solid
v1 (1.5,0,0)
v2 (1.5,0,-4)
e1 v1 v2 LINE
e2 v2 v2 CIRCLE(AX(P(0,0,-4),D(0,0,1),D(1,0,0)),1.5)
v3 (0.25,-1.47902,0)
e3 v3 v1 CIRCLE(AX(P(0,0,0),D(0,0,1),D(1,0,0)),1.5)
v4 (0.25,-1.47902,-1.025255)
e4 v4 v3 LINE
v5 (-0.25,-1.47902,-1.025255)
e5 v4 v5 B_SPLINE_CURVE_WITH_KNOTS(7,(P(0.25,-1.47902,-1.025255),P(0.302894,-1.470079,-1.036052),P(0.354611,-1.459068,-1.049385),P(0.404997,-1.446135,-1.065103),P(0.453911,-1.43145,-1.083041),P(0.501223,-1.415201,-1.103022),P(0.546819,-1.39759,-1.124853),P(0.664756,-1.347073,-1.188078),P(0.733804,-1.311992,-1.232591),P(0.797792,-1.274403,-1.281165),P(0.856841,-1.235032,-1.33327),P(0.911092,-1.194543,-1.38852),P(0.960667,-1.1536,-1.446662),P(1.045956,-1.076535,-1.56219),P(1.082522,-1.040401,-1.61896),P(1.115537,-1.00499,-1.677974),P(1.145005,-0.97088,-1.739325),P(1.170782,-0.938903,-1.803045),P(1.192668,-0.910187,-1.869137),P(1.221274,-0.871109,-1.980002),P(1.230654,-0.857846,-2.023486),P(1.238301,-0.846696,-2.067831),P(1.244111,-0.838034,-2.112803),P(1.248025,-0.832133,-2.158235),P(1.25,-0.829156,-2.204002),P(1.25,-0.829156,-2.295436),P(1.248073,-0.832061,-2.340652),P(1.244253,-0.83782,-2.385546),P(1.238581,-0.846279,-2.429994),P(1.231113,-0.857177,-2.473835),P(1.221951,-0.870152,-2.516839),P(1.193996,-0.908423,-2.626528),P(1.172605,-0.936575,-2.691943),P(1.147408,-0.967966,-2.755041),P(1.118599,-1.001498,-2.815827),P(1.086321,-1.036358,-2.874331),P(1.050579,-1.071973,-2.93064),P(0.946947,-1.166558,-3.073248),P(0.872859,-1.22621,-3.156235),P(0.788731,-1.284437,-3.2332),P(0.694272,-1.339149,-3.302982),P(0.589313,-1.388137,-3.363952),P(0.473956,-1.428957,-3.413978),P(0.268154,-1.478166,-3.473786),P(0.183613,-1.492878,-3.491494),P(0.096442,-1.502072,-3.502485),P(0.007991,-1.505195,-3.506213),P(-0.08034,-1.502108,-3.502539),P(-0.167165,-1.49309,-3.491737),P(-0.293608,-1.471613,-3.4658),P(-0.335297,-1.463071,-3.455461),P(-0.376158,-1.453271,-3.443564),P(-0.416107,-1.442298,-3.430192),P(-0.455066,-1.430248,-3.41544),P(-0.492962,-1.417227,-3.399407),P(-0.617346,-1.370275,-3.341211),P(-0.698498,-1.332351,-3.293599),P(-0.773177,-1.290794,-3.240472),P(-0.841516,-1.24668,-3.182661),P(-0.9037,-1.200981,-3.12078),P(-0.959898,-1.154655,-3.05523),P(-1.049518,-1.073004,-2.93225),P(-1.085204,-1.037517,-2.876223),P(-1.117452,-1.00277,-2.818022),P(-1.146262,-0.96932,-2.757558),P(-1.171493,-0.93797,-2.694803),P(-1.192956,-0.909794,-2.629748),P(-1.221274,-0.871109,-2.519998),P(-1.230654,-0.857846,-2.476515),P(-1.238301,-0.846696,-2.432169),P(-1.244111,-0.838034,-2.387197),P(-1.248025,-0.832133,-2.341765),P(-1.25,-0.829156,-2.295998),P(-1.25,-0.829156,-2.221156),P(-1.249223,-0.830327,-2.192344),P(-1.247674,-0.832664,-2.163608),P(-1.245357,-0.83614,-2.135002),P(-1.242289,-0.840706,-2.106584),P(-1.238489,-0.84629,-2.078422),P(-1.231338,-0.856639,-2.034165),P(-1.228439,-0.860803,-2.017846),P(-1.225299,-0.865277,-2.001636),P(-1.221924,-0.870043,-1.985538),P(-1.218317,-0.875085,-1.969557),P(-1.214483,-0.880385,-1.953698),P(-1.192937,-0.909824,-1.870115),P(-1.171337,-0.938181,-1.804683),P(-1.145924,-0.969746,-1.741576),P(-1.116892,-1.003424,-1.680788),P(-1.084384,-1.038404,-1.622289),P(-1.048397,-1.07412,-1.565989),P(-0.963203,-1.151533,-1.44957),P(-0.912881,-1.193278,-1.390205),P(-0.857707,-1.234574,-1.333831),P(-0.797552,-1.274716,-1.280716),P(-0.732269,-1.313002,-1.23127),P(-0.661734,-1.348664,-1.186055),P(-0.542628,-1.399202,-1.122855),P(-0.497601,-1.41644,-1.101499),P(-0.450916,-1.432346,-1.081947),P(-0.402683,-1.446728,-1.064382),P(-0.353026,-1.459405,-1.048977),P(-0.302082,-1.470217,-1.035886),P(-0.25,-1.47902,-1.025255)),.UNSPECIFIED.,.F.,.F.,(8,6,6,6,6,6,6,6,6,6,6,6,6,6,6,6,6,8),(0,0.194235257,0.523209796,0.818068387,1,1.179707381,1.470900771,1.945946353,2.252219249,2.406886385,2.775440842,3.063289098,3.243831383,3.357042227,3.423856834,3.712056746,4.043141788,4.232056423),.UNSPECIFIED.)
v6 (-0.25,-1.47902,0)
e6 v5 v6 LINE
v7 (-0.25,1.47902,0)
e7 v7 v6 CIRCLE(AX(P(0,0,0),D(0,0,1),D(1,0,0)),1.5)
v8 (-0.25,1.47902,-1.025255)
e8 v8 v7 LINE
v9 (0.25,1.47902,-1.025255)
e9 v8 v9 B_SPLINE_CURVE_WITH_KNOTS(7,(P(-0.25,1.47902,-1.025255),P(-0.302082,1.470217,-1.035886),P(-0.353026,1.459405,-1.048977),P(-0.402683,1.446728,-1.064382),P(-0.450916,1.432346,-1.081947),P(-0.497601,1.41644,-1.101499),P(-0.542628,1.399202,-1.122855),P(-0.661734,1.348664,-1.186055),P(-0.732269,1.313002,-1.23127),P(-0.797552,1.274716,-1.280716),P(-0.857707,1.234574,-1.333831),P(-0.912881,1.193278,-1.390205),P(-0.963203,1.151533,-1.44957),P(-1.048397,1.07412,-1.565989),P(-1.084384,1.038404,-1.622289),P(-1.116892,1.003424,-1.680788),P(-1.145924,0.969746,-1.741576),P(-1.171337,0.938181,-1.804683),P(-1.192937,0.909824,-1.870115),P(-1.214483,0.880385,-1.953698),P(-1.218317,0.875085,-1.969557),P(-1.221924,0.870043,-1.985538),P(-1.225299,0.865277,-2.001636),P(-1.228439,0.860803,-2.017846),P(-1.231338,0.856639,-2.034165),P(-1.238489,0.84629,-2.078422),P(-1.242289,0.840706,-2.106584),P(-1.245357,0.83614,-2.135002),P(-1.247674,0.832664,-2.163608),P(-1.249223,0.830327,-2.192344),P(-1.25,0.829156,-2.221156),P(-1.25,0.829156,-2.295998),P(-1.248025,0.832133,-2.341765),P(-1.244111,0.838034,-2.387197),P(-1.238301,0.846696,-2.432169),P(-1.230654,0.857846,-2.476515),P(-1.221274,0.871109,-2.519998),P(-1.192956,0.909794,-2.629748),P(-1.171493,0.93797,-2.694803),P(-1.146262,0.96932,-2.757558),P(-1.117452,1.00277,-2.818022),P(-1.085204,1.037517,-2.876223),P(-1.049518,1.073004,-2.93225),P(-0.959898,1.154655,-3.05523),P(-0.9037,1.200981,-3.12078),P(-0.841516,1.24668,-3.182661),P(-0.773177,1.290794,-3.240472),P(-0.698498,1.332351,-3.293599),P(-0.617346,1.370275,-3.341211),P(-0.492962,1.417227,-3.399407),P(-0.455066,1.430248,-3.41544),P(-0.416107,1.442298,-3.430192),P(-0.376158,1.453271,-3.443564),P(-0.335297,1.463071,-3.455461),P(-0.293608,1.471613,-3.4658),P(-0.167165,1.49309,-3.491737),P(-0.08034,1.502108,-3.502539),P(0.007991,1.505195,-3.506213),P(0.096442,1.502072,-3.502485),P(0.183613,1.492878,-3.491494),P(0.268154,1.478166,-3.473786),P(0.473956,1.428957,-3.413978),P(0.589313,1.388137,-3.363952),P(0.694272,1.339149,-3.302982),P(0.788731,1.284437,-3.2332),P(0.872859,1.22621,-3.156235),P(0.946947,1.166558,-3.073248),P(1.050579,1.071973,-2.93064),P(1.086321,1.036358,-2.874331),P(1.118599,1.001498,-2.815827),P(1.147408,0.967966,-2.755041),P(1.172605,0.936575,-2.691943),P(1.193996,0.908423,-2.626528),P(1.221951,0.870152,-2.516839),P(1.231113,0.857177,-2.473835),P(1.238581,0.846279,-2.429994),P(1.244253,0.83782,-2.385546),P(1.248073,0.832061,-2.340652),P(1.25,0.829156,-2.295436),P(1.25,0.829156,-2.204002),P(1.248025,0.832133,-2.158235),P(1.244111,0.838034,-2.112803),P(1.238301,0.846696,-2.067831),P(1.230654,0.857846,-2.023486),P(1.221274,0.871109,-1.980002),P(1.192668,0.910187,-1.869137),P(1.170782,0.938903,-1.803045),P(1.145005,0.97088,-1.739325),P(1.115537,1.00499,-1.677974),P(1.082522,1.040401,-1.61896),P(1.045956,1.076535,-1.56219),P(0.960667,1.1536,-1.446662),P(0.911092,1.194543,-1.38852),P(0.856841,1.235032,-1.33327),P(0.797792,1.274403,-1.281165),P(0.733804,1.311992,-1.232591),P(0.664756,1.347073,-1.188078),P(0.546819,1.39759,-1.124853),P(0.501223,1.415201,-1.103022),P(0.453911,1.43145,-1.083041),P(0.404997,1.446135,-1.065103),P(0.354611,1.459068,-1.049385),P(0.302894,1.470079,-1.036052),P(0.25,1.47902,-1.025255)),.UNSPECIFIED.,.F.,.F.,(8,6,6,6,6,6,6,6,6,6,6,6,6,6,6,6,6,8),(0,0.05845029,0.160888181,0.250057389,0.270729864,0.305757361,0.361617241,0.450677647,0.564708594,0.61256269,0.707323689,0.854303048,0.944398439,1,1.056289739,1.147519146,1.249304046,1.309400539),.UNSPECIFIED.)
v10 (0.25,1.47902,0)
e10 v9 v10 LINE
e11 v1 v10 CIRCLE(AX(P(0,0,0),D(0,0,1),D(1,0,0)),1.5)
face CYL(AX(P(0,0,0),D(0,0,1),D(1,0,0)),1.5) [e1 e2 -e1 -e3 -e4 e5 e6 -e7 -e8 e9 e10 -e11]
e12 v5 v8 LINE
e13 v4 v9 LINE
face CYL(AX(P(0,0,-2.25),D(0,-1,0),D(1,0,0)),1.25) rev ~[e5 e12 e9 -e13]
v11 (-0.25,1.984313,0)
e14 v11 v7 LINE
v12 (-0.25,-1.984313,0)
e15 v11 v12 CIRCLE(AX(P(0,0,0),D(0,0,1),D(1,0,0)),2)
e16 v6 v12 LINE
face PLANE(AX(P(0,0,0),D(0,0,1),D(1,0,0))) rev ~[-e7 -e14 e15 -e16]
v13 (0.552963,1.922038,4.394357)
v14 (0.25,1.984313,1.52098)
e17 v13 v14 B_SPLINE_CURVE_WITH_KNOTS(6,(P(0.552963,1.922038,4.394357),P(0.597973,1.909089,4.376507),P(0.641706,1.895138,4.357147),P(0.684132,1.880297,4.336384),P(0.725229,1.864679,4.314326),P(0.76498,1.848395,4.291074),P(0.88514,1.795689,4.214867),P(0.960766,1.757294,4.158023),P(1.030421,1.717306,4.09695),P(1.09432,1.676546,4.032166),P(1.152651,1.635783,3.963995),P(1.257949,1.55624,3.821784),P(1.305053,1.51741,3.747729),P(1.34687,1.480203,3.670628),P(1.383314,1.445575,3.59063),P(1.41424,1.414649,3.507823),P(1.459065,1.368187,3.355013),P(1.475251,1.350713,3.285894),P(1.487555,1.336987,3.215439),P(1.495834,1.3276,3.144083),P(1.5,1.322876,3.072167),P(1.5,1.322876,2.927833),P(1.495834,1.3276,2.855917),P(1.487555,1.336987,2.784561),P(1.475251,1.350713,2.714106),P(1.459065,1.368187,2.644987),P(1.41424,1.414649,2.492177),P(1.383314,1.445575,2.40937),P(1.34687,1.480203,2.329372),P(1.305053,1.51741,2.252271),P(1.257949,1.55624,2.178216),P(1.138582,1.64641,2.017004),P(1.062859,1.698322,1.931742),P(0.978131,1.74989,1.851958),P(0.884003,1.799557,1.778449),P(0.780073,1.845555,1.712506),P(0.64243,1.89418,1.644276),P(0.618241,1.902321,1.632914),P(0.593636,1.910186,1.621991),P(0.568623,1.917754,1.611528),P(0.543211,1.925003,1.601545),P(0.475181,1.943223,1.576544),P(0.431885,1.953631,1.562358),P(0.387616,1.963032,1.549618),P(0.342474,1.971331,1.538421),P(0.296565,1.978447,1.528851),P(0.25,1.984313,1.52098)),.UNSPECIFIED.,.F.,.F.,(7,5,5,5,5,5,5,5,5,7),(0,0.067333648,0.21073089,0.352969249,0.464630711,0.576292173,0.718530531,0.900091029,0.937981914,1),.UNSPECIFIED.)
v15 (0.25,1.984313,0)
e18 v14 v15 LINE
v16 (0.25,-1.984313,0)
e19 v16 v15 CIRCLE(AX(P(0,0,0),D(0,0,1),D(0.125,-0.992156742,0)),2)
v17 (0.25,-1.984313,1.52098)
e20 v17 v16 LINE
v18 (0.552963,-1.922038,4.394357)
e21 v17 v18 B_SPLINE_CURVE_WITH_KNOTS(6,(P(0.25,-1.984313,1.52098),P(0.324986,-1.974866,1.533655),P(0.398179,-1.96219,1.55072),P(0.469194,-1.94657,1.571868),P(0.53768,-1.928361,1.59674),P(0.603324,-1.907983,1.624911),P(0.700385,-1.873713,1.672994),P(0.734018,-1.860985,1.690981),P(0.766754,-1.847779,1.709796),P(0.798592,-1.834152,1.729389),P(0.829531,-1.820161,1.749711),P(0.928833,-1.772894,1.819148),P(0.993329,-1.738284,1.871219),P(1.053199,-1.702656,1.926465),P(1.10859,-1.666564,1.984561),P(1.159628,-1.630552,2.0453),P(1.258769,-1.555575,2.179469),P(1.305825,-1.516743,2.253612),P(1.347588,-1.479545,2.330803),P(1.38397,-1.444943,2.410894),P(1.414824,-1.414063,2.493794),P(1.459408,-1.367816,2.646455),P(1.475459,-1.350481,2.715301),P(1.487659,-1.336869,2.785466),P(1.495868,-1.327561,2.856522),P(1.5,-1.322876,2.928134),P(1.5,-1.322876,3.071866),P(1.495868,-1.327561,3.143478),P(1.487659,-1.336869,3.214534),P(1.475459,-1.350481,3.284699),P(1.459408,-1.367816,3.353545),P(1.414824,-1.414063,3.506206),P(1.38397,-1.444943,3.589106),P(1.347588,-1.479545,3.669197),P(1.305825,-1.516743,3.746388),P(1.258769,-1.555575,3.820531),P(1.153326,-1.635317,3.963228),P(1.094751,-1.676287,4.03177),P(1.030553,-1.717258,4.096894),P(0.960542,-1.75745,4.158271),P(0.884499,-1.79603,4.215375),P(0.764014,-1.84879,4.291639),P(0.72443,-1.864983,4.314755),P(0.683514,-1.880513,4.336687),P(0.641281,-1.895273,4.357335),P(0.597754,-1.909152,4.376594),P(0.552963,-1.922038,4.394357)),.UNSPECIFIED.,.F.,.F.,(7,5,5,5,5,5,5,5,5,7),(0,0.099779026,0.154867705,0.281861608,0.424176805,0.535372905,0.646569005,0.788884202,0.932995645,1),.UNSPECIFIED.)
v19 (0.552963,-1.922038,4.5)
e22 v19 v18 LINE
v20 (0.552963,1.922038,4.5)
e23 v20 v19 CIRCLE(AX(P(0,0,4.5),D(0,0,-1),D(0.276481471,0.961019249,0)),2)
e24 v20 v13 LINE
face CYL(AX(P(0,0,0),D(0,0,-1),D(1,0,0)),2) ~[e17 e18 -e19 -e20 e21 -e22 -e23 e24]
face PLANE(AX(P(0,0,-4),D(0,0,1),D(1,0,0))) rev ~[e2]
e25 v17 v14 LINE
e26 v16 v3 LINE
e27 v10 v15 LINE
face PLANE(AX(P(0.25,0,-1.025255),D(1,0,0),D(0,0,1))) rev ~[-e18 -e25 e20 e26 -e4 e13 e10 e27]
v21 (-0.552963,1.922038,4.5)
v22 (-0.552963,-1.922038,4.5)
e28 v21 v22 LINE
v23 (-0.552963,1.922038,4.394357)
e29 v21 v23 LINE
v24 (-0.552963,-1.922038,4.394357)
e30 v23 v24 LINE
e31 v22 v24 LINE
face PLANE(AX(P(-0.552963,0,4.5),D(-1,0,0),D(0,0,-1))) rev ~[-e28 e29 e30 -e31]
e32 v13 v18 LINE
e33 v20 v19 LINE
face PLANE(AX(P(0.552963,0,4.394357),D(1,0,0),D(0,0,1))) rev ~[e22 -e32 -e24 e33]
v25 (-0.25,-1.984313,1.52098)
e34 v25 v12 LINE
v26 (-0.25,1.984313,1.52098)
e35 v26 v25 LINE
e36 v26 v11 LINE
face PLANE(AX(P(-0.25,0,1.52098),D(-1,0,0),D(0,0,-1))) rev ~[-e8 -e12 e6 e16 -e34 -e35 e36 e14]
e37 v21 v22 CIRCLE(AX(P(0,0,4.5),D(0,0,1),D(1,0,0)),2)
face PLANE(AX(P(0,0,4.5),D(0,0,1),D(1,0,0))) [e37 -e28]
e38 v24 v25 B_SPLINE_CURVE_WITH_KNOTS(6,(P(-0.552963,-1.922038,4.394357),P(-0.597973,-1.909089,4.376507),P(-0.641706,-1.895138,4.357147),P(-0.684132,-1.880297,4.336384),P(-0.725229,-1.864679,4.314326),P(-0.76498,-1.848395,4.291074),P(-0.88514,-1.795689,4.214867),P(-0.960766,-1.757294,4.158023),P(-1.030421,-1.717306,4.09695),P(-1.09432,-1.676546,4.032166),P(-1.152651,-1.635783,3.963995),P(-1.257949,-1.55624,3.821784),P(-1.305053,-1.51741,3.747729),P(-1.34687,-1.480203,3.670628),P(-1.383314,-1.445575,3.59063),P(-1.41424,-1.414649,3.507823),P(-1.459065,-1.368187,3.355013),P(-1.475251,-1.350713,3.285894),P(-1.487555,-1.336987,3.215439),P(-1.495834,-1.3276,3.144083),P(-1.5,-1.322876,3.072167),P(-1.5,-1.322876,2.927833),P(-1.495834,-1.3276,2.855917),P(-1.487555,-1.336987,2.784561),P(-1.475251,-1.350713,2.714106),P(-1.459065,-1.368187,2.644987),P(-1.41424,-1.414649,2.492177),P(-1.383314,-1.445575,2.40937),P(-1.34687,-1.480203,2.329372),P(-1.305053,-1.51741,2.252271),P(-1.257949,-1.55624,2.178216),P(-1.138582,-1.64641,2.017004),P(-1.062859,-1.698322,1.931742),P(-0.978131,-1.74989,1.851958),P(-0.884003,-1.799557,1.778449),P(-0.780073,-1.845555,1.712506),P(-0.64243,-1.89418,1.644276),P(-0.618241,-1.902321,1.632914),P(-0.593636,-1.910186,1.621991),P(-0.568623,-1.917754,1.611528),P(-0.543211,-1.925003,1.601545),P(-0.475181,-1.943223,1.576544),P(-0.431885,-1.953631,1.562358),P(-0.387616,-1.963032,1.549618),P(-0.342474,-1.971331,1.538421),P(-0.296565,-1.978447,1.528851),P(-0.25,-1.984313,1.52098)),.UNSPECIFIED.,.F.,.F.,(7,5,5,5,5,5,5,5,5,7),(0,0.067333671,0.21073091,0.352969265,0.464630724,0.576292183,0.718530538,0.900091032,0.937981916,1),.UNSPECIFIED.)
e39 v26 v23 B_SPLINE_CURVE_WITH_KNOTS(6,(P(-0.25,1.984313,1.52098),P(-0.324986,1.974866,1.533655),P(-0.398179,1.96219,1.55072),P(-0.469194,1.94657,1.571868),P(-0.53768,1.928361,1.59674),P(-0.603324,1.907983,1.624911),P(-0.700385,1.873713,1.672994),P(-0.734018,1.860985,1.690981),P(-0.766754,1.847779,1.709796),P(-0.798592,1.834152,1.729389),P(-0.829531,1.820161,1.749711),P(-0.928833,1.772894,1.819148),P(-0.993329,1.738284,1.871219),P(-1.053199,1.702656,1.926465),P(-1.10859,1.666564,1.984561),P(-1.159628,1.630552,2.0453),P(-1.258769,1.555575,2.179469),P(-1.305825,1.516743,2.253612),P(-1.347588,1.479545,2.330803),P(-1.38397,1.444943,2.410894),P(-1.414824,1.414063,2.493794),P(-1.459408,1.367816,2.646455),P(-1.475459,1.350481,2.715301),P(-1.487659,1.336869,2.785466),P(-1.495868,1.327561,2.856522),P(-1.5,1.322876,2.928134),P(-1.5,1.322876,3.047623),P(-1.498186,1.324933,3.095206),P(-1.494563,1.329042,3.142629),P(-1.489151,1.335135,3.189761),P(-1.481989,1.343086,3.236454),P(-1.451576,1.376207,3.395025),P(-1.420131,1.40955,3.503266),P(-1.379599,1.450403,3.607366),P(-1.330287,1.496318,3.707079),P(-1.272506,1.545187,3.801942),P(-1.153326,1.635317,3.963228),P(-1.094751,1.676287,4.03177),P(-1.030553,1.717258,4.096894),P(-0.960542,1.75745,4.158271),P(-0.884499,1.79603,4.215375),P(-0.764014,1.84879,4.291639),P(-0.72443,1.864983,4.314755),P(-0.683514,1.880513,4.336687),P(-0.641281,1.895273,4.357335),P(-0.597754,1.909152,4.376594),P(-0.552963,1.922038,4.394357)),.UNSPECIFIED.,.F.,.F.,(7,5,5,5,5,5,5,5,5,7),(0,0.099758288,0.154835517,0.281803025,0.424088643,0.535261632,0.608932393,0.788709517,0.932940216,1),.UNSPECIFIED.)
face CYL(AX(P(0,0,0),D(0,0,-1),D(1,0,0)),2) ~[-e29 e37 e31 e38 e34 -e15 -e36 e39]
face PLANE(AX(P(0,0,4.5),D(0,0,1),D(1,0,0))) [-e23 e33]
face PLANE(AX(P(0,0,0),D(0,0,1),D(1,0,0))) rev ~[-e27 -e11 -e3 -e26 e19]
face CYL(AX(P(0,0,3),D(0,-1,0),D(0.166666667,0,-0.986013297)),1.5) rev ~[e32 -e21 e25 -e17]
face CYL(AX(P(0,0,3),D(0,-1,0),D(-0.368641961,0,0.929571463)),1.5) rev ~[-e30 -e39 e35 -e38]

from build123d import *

# Parameters (mm, degrees)
F0_R     = 1.5
F1_DEPTH = 4
F0_R_2   = 2
F2_DEPTH = 4.5
F4_DEPTH = 2.5


with BuildPart() as f1:
    # F0 (on Top) → F1 (new body)
    with BuildSketch(Plane.XY):
        Circle(F0_R)
    extrude(amount=-F1_DEPTH)

    # F0 (on Top) → F2 (join)
    with BuildSketch(Plane.XY):
        Circle(F0_R_2)
        Circle(F0_R, mode=Mode.SUBTRACT)
        Circle(F0_R)
    extrude(amount=F2_DEPTH)

    # F3 (on Front) → F4 (cut, symmetric)
    with BuildSketch(Plane.XZ):
        with BuildLine():
            ThreePointArc((0.25, 1.5209800542), (1.1456439237, 2.0317541634), (1.5, 3))
            ThreePointArc((1.5, 3), (1.2408554332, 3.8427798015), (0.5529629416, 4.3943571943))
            Line((0.5529629416, 4.3943571943), (-0.5529629416, 4.3943571943))
            ThreePointArc((-0.5529629416, 4.3943571943), (-1.4917310142, 2.8427149678), (-0.25, 1.5209800542))
            Line((-0.25, 1.5209800542), (0.25, 1.5209800542))
        make_face()
        with BuildLine():
            Line((-0.5529629416, 4.3943571943), (0.5529629416, 4.3943571943))
            ThreePointArc((0.5529629416, 4.3943571943), (0.2814819786, 4.473352604), (0, 4.5))
            ThreePointArc((0, 4.5), (-0.2814819786, 4.473352604), (-0.5529629416, 4.3943571943))
        make_face()
        with BuildLine():
            ThreePointArc((0, 4.5), (0.2814819786, 4.473352604), (0.5529629416, 4.3943571943))
            Line((0.5529629416, 4.3943571943), (0.5529629416, 4.5))
            Line((0.5529629416, 4.5), (0, 4.5))
        make_face()
        with BuildLine():
            Line((0.25, -1.0252551286), (0.25, 1.5209800542))
            ThreePointArc((0.25, 1.5209800542), (0, 1.5), (-0.25, 1.5209800542))
            Line((-0.25, 1.5209800542), (-0.25, -1.0252551286))
            ThreePointArc((-0.25, -1.0252551286), (0, -1), (0.25, -1.0252551286))
        make_face()
        with BuildLine():
            ThreePointArc((-0.25, 1.5209800542), (0, 1.5), (0.25, 1.5209800542))
            Line((0.25, 1.5209800542), (-0.25, 1.5209800542))
        make_face()
        with BuildLine():
            ThreePointArc((-0.5529629416, 4.3943571943), (-0.2814819786, 4.473352604), (0, 4.5))
            Line((0, 4.5), (-0.5529629416, 4.5))
            Line((-0.5529629416, 4.5), (-0.5529629416, 4.3943571943))
        make_face()
        with BuildLine():
            Line((-0.25, -1.0252551286), (0.25, -1.0252551286))
            ThreePointArc((0.25, -1.0252551286), (0, -1), (-0.25, -1.0252551286))
        make_face()
        with BuildLine():
            ThreePointArc((1.25, -2.25), (0.9682458366, -1.459430585), (0.25, -1.0252551286))
            Line((0.25, -1.0252551286), (-0.25, -1.0252551286))
            ThreePointArc((-0.25, -1.0252551286), (-0.790569415, -3.2182458366), (1.25, -2.25))
        make_face()
    extrude(amount=F4_DEPTH, both=True, mode=Mode.SUBTRACT)


solid = f1.part
